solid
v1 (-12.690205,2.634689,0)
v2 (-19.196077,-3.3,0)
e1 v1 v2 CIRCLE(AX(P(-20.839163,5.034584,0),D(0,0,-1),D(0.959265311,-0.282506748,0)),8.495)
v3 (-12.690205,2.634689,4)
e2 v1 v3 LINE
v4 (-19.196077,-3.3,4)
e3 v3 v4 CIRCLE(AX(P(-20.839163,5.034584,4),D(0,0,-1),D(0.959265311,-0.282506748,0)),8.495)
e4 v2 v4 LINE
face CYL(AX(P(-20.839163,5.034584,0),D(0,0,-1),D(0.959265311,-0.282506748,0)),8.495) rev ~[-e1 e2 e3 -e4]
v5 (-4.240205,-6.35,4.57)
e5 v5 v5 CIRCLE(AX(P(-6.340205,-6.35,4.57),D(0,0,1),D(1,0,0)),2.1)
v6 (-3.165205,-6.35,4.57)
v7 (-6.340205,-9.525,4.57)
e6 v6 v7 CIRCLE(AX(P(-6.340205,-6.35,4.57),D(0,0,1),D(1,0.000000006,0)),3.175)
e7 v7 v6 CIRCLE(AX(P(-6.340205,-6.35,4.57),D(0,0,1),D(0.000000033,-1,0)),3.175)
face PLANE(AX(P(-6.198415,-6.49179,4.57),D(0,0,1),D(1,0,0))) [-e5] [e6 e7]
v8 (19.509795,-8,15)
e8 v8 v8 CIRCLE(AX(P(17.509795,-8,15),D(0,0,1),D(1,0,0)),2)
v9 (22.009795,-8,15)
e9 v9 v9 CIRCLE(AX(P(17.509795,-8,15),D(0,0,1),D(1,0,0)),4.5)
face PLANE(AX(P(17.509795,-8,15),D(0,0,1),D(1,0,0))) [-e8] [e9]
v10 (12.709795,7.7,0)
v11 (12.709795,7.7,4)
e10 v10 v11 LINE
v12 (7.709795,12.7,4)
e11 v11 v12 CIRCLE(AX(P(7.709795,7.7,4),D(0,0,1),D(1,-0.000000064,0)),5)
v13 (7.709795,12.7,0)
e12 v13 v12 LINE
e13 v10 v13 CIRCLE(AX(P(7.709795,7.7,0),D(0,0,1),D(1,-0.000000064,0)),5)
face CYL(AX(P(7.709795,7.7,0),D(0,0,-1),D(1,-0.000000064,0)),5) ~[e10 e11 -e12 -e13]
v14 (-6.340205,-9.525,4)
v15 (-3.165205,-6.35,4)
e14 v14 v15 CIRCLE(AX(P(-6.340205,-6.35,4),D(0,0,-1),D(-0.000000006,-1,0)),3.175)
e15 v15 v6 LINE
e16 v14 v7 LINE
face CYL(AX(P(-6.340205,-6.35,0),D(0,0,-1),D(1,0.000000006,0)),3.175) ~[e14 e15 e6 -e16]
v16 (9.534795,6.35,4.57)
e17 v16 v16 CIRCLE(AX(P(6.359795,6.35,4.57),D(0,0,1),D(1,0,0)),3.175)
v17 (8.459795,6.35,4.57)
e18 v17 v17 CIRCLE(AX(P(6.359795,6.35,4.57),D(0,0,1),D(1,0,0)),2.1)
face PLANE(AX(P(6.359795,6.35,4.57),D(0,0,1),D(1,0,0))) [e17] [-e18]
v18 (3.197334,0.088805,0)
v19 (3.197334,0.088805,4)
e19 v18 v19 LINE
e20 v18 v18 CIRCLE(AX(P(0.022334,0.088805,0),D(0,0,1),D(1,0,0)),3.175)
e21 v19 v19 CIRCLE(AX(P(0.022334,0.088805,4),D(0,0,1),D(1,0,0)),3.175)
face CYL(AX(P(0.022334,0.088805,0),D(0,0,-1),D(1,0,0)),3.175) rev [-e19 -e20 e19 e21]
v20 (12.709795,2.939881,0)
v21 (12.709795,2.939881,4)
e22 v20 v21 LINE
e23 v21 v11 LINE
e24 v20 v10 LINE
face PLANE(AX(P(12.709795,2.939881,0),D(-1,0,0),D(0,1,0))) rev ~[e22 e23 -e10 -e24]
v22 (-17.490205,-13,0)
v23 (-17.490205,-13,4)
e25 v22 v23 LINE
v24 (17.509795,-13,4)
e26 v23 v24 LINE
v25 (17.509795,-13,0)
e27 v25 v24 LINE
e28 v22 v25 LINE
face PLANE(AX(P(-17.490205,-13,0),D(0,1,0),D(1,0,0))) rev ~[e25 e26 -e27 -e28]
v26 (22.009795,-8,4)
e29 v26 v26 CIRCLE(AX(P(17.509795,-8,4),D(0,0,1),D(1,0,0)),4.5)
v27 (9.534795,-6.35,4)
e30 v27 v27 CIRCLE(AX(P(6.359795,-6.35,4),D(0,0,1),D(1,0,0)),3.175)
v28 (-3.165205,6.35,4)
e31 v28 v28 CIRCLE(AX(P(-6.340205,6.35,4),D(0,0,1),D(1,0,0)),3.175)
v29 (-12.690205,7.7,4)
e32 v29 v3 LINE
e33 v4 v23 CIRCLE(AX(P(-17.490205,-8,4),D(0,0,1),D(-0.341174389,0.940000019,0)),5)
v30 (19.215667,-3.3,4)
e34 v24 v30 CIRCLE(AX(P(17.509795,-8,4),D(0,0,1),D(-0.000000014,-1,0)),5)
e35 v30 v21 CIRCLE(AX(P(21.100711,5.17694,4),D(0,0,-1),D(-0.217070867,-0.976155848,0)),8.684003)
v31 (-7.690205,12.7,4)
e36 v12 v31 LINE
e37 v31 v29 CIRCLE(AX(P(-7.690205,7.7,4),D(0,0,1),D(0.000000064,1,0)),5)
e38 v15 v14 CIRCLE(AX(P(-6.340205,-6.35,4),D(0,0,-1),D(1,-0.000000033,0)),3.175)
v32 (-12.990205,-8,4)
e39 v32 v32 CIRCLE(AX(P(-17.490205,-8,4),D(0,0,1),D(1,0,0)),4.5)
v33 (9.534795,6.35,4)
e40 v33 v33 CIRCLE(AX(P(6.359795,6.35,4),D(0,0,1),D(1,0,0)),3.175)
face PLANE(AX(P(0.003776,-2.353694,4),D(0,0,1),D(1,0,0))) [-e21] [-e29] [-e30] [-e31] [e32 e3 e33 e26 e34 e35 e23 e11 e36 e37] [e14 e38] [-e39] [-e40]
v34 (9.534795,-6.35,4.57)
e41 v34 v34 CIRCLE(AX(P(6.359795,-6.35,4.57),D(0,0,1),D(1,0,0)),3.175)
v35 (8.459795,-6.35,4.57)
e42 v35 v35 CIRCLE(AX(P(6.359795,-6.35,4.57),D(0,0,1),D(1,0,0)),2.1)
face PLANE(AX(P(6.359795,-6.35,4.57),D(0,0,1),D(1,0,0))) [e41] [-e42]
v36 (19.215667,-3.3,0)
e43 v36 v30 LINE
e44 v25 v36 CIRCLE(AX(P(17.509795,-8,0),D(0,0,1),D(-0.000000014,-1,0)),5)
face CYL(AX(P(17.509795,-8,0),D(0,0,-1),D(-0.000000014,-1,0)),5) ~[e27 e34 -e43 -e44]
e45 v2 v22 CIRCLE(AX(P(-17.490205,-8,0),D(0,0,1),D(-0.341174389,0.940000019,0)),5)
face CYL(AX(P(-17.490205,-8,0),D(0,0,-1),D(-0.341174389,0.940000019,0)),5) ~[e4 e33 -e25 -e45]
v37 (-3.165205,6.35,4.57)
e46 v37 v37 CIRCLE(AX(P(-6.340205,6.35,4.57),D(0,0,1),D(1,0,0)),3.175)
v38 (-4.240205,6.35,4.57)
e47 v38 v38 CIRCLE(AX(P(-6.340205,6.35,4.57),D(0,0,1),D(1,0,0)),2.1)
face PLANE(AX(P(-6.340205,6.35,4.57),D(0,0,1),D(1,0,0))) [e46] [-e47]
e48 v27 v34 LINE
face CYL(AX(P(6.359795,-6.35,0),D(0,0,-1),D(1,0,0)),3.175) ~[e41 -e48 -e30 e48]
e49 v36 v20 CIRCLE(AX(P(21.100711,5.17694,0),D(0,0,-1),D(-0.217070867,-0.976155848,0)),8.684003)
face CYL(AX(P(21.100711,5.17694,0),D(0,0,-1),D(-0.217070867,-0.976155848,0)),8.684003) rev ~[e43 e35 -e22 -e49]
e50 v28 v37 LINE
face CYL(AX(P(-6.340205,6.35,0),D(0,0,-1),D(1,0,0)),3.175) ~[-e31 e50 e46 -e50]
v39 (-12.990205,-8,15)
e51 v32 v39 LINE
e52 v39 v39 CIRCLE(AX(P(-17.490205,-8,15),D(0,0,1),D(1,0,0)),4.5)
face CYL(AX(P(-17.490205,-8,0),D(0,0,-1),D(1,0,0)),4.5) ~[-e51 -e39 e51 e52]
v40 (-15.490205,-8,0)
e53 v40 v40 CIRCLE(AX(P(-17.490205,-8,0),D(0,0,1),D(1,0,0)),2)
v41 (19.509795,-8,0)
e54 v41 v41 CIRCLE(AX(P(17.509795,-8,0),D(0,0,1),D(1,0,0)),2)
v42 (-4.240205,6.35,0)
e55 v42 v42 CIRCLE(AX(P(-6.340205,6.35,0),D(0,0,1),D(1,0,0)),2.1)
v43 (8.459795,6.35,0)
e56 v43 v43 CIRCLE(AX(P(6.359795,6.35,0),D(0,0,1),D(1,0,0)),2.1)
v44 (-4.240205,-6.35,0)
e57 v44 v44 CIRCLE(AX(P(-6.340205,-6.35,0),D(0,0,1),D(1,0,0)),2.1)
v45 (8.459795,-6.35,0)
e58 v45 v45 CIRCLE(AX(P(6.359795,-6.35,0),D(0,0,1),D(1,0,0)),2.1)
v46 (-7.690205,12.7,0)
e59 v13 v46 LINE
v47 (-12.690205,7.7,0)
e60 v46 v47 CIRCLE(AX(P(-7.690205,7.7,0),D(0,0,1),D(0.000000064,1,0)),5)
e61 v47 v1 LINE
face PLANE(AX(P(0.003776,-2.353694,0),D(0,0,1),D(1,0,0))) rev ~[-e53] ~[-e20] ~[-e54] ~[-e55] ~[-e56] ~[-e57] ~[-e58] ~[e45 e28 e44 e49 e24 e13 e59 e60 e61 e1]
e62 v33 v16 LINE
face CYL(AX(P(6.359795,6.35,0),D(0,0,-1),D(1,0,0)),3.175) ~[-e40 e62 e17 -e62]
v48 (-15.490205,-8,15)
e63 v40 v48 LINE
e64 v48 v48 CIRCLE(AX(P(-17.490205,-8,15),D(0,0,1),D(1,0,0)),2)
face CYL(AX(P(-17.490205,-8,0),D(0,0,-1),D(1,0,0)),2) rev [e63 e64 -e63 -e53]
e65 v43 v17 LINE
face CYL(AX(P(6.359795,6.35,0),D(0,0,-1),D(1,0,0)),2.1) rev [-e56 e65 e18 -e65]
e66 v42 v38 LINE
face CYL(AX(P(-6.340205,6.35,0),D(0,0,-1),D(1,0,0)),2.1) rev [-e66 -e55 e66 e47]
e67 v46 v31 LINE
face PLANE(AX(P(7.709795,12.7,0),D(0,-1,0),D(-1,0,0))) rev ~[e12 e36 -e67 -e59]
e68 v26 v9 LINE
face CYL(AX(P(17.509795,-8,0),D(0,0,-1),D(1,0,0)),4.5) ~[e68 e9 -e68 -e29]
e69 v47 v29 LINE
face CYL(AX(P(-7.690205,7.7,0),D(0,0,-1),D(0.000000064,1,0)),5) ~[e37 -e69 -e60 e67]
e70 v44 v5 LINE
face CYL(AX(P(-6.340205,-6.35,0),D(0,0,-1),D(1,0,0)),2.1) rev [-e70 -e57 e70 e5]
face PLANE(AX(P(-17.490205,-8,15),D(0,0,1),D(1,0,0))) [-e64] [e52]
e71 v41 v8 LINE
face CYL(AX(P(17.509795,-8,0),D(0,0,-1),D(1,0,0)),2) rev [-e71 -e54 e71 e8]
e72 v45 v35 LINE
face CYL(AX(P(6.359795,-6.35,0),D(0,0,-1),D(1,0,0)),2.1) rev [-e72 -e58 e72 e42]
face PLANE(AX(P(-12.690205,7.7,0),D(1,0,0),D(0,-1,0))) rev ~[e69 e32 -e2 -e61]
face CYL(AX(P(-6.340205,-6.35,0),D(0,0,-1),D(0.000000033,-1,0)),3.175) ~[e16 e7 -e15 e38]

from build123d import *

# Parameters (mm, degrees)
F1_R     = 4.5
F1_R_2   = 3.175
F2_DEPTH = 4
F1_R_3   = 2.1
F3_DEPTH = 4.57
F4_DEPTH = 4.57
F5_DEPTH = 4.57
F6_DEPTH = 4.57
F1_R_4   = 2
F7_DEPTH = 15
F8_DEPTH = 15


with BuildPart() as f2:
    # F1 (on face) → F2 (new body)
    with BuildSketch(Plane.XY):
        with BuildLine():
            Line((7.709795, 12.7), (-7.690205, 12.7))
            ThreePointArc((-7.690205, 12.7), (-11.225739, 11.235534), (-12.690205, 7.7))
            Line((-12.690205, 7.7), (-12.690205, 2.634689))
            ThreePointArc((-12.690205, 2.634689), (-15.114116, -1.24147), (-19.196077, -3.3))
            ThreePointArc((-19.196077, -3.3), (-22.414634, -8.866025), (-17.490205, -13))
            Line((-17.490205, -13), (17.509795, -13))
            ThreePointArc((17.509795, -13), (22.434224, -8.866025), (19.215667, -3.3))
            ThreePointArc((19.215667, -3.3), (15.089649, -1.090359), (12.709795, 2.939881))
            Line((12.709795, 2.939881), (12.709795, 7.7))
            ThreePointArc((12.709795, 7.7), (11.245329, 11.235534), (7.709795, 12.7))
        make_face()
        with Locations((-17.490205, -8)):
            Circle(F1_R, mode=Mode.SUBTRACT)
        with BuildLine():
            ThreePointArc((-6.340205, -9.525), (-8.585269, -4.104936), (-3.165205, -6.35))
            ThreePointArc((-3.165205, -6.35), (-4.095141, -8.595064), (-6.340205, -9.525))
        make_face(mode=Mode.SUBTRACT)
        with Locations((17.509795, -8)):
            Circle(F1_R, mode=Mode.SUBTRACT)
        with Locations((6.359795, -6.35)):
            Circle(F1_R_2, mode=Mode.SUBTRACT)
        with Locations((-6.340205, 6.35)):
            Circle(F1_R_2, mode=Mode.SUBTRACT)
        with Locations((0.022334, 0.088805)):
            Circle(F1_R_2, mode=Mode.SUBTRACT)
        with Locations((6.359795, 6.35)):
            Circle(F1_R_2, mode=Mode.SUBTRACT)
    extrude(amount=F2_DEPTH)

    # F1 (on face) → F3 (join)
    with BuildSketch(Plane.XY):
        with Locations((-6.340205, 6.35)):
            Circle(F1_R_2)
        with Locations((-6.340205, 6.35)):
            Circle(F1_R_3, mode=Mode.SUBTRACT)
    extrude(amount=F3_DEPTH)

    # F1 (on face) → F4 (join)
    with BuildSketch(Plane.XY):
        with Locations((6.359795, 6.35)):
            Circle(F1_R_2)
        with Locations((6.359795, 6.35)):
            Circle(F1_R_3, mode=Mode.SUBTRACT)
    extrude(amount=F4_DEPTH)

    # F1 (on face) → F5 (join)
    with BuildSketch(Plane.XY):
        with Locations((6.359795, -6.35)):
            Circle(F1_R_2)
        with Locations((6.359795, -6.35)):
            Circle(F1_R_3, mode=Mode.SUBTRACT)
    extrude(amount=F5_DEPTH)

    # F1 (on face) → F6 (join)
    with BuildSketch(Plane.XY):
        with BuildLine():
            ThreePointArc((-6.340205, -9.525), (-4.095141, -8.595064), (-3.165205, -6.35))
            ThreePointArc((-3.165205, -6.35), (-8.585269, -4.104936), (-6.340205, -9.525))
        make_face()
        with Locations((-6.340205, -6.35)):
            Circle(F1_R_3, mode=Mode.SUBTRACT)
    extrude(amount=F6_DEPTH)

    # F1 (on face) → F7 (join)
    with BuildSketch(Plane.XY):
        with Locations((-17.490205, -8)):
            Circle(F1_R)
        with Locations((-17.490205, -8)):
            Circle(F1_R_4, mode=Mode.SUBTRACT)
    extrude(amount=F7_DEPTH)

    # F1 (on face) → F8 (join)
    with BuildSketch(Plane.XY):
        with Locations((17.509795, -8)):
            Circle(F1_R)
        with Locations((17.509795, -8)):
            Circle(F1_R_4, mode=Mode.SUBTRACT)
    extrude(amount=F8_DEPTH)


solid = f2.part
